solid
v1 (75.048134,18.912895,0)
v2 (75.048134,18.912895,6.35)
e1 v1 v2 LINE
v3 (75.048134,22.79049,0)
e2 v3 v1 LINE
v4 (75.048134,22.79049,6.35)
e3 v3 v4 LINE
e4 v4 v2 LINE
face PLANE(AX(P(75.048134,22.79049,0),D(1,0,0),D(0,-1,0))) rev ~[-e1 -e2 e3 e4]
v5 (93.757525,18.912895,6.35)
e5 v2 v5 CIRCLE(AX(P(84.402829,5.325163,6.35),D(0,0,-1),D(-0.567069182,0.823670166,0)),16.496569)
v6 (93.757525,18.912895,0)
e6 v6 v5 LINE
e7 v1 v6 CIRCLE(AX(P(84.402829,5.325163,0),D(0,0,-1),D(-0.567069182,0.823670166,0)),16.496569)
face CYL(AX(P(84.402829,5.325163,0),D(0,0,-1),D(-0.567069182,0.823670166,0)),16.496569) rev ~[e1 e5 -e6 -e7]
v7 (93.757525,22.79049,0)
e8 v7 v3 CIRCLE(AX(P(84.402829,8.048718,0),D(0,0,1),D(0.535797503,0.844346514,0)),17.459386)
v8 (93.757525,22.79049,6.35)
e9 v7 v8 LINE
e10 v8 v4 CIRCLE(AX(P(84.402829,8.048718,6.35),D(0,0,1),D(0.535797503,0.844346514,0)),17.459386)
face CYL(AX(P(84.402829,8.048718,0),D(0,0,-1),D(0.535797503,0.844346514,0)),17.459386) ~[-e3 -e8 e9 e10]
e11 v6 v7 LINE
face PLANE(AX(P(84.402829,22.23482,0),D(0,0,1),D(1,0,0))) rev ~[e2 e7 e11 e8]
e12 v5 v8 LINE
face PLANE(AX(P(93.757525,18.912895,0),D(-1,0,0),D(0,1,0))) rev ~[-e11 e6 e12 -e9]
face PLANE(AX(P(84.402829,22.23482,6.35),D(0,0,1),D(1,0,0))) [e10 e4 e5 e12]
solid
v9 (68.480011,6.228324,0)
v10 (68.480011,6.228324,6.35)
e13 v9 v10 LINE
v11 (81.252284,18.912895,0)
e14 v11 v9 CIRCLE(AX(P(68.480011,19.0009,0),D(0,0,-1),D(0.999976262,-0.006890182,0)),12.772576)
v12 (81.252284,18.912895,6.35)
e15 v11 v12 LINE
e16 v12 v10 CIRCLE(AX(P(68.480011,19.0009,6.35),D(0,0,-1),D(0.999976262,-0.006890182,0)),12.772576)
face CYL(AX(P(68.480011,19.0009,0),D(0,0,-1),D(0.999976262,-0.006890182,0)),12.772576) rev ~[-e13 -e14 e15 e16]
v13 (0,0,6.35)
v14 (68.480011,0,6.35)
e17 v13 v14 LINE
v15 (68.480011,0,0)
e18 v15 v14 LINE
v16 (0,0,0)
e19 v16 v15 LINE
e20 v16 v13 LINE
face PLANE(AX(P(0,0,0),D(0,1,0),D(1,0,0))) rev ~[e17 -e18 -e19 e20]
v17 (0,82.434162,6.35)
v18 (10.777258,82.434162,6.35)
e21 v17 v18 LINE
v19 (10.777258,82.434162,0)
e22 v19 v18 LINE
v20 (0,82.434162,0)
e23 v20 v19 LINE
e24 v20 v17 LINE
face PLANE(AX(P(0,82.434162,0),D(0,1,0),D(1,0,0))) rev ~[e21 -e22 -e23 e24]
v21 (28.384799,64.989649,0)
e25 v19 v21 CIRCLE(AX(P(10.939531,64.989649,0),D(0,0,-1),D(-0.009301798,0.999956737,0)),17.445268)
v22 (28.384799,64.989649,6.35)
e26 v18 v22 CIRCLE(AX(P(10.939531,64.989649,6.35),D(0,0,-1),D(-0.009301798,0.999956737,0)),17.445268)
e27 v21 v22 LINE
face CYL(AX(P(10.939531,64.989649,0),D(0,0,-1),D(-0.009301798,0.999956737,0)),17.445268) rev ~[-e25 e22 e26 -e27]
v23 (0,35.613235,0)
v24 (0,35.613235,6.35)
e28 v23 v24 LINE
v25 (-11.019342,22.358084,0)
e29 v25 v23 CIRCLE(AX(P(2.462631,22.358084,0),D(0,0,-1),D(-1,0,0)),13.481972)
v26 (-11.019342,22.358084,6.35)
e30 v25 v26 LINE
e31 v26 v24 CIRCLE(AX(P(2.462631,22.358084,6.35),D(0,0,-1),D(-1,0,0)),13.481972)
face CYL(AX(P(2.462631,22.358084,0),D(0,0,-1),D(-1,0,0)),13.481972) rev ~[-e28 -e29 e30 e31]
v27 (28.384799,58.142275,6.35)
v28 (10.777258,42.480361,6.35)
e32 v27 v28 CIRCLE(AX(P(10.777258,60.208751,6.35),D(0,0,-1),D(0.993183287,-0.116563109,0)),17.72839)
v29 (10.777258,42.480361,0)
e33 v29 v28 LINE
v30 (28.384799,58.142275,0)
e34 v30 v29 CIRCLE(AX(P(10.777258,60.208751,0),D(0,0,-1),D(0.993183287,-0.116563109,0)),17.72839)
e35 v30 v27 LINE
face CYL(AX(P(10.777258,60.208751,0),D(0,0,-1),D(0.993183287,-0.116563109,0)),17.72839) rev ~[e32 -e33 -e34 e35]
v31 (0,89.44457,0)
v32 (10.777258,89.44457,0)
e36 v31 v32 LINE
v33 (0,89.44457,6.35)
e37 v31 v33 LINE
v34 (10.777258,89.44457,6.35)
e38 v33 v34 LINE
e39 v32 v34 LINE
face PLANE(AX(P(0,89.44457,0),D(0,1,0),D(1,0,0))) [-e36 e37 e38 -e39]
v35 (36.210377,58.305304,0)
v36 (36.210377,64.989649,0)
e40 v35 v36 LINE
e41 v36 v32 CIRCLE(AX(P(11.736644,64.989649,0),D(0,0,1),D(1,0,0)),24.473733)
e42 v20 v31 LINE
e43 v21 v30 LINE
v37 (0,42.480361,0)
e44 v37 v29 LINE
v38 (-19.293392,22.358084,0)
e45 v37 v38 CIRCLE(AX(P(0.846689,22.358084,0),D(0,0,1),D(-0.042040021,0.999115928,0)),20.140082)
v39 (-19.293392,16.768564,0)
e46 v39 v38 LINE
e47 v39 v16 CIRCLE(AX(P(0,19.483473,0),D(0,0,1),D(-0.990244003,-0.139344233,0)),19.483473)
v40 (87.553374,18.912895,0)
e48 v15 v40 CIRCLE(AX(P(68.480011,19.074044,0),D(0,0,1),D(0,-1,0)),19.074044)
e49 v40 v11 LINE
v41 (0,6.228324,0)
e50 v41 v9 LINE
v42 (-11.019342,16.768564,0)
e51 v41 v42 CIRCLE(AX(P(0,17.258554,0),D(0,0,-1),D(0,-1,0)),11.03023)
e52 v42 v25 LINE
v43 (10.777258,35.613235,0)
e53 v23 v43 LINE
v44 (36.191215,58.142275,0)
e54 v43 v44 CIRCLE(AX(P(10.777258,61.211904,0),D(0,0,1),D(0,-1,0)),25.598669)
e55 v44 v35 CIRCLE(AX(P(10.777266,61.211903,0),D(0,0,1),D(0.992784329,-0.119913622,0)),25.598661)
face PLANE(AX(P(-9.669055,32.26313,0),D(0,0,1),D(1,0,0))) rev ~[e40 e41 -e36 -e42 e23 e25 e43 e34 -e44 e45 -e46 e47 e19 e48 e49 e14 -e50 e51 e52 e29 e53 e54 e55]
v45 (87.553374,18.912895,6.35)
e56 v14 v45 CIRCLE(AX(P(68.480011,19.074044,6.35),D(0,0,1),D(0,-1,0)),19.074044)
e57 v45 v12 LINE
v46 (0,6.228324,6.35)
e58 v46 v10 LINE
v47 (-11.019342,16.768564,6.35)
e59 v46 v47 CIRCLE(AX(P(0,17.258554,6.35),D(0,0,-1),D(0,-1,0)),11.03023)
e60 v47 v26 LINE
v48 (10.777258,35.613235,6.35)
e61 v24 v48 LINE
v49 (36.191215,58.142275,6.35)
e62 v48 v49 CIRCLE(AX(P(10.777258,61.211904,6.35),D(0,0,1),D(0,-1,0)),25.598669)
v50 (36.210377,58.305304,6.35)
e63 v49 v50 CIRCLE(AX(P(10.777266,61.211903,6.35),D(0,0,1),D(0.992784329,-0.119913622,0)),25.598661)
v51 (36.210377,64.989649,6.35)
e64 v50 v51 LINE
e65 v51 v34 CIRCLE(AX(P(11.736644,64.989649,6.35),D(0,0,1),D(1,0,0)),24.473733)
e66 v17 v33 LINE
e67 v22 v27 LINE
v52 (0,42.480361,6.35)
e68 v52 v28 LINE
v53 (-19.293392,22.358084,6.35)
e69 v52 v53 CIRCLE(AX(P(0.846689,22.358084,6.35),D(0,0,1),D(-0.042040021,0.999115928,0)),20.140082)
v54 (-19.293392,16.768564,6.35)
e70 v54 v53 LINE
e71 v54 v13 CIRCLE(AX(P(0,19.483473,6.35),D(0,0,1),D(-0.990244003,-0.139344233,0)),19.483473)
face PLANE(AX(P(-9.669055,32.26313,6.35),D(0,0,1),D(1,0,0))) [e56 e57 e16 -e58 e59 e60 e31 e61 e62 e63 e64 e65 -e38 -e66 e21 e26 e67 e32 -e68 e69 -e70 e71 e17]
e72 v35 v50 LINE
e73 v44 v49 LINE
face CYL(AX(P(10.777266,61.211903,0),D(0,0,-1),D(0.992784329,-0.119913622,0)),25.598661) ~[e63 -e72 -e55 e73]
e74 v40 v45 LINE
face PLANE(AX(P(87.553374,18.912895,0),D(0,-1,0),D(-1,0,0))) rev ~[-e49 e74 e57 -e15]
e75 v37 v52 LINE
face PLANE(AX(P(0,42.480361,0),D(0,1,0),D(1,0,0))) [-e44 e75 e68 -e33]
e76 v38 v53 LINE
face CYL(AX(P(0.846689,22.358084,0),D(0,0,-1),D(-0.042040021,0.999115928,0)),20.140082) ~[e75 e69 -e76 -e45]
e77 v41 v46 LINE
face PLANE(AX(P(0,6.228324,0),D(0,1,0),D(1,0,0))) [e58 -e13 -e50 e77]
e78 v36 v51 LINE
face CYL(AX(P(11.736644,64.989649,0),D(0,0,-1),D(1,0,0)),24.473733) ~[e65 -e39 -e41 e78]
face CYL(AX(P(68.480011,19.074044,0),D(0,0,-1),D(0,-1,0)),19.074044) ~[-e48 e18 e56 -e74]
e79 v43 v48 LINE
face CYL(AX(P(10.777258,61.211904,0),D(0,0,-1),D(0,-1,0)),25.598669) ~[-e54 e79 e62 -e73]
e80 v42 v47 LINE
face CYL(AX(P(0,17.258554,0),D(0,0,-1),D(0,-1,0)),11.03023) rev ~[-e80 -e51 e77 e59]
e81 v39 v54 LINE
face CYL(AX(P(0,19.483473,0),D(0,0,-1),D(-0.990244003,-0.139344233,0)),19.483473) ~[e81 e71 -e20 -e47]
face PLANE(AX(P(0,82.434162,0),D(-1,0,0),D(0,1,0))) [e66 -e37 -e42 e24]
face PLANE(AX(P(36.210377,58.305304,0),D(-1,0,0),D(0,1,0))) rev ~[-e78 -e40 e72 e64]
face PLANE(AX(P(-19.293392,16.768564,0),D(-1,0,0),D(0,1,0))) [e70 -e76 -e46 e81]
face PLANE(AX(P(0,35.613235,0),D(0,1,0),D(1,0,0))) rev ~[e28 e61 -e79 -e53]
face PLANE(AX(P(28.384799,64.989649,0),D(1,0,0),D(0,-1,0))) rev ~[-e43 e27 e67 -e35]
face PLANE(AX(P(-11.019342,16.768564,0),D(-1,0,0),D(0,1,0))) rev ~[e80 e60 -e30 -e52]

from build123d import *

# Parameters (mm, degrees)
F0_W     = 8.2740507926
F0_H     = 5.5895205587
F0_W_2   = 68.4800110757
F0_H_2   = 6.2283235602
F0_W_3   = 10.7772583142
F0_H_3   = 6.8671256304
F0_H_4   = 7.0104077458
F1_DEPTH = 6.35


with BuildPart() as f1:
    # F0 (on Top) → F1 (new body)
    with BuildSketch(Plane.XY):
        with BuildLine():
            ThreePointArc((0, 42.4803607166), (-13.6907672304, 36.296708565), (-19.2933924403, 22.3580840975))
            Line((-19.2933924403, 22.3580840975), (-11.0193416476, 22.3580840975))
            ThreePointArc((-11.0193416476, 22.3580840975), (-7.9047387189, 30.9767399974), (0, 35.6132350862))
            Line((0, 35.6132350862), (0, 42.4803607166))
        make_face()
        with Locations((-15.1563670439, 19.5633238181)):
            Rectangle(F0_W, F0_H)
        with BuildLine():
            ThreePointArc((-19.2933924403, 16.7685635388), (-12.781037859, 4.7780048728), (0, 0))
            Line((0, 0), (0, 6.2283235602))
            ThreePointArc((0, 6.2283235602), (-7.62434504, 9.2876478078), (-11.0193416476, 16.7685635388))
            Line((-11.0193416476, 16.7685635388), (-19.2933924403, 16.7685635388))
        make_face()
        with Locations((34.2400055379, 3.1141617801)):
            Rectangle(F0_W_2, F0_H_2)
        with Locations((5.3886291571, 39.0467979014)):
            Rectangle(F0_W_3, F0_H_3)
        with BuildLine():
            ThreePointArc((28.3847991377, 58.1422746181), (22.559883668, 46.9624095883), (10.7772583142, 42.4803607166))
            Line((10.7772583142, 42.4803607166), (10.7772583142, 35.6132350862))
            ThreePointArc((10.7772583142, 35.6132350862), (27.7583274267, 42.0563529076), (36.1912153179, 58.1422746181))
            Line((36.1912153179, 58.1422746181), (28.3847991377, 58.1422746181))
        make_face()
        with BuildLine():
            Line((28.3847991377, 64.9896487594), (28.3847991377, 58.1422746181))
            Line((28.3847991377, 58.1422746181), (36.1912153179, 58.1422746181))
            ThreePointArc((36.1912153179, 58.1422746181), (36.2009267231, 58.2237741986), (36.2103767693, 58.3053044975))
            Line((36.2103767693, 58.3053044975), (36.2103767693, 64.9896487594))
            Line((36.2103767693, 64.9896487594), (28.3847991377, 64.9896487594))
        make_face()
        with BuildLine():
            ThreePointArc((10.7772583142, 82.4341624975), (23.2176923218, 77.3825555351), (28.3847991377, 64.9896487594))
            Line((28.3847991377, 64.9896487594), (36.2103767693, 64.9896487594))
            ThreePointArc((36.2103767693, 64.9896487594), (28.6996014024, 82.6311247403), (10.7772583142, 89.4445702434))
            Line((10.7772583142, 89.4445702434), (10.7772583142, 82.4341624975))
        make_face()
        with Locations((5.3886291571, 85.9393663704)):
            Rectangle(F0_W_3, F0_H_4)
        with BuildLine():
            Line((68.4800110757, 6.2283235602), (68.4800110757, 0))
            ThreePointArc((68.4800110757, 0), (81.9103012367, 5.5298030695), (87.5533744693, 18.9128946513))
            Line((87.5533744693, 18.9128946513), (81.252284348, 18.9128946513))
            ThreePointArc((81.252284348, 18.9128946513), (77.4804181263, 9.9382634079), (68.4800110757, 6.2283235602))
        make_face()
    extrude(amount=F1_DEPTH)


with BuildPart() as f1b:
    # F0 (on Top) → F1, piece 2 (new body)
    with BuildSketch(Plane.XY):
        with BuildLine():
            ThreePointArc((75.0481337309, 18.9128946513), (84.4028294086, 21.8217318529), (93.7575250864, 18.9128946513))
            Line((93.7575250864, 18.9128946513), (93.7575250864, 22.7904897183))
            ThreePointArc((93.7575250864, 22.7904897183), (84.4028294086, 25.5081040885), (75.0481337309, 22.7904897183))
            Line((75.0481337309, 22.7904897183), (75.0481337309, 18.9128946513))
        make_face()
    extrude(amount=F1_DEPTH)


solid = Compound([f1.part, f1b.part])
